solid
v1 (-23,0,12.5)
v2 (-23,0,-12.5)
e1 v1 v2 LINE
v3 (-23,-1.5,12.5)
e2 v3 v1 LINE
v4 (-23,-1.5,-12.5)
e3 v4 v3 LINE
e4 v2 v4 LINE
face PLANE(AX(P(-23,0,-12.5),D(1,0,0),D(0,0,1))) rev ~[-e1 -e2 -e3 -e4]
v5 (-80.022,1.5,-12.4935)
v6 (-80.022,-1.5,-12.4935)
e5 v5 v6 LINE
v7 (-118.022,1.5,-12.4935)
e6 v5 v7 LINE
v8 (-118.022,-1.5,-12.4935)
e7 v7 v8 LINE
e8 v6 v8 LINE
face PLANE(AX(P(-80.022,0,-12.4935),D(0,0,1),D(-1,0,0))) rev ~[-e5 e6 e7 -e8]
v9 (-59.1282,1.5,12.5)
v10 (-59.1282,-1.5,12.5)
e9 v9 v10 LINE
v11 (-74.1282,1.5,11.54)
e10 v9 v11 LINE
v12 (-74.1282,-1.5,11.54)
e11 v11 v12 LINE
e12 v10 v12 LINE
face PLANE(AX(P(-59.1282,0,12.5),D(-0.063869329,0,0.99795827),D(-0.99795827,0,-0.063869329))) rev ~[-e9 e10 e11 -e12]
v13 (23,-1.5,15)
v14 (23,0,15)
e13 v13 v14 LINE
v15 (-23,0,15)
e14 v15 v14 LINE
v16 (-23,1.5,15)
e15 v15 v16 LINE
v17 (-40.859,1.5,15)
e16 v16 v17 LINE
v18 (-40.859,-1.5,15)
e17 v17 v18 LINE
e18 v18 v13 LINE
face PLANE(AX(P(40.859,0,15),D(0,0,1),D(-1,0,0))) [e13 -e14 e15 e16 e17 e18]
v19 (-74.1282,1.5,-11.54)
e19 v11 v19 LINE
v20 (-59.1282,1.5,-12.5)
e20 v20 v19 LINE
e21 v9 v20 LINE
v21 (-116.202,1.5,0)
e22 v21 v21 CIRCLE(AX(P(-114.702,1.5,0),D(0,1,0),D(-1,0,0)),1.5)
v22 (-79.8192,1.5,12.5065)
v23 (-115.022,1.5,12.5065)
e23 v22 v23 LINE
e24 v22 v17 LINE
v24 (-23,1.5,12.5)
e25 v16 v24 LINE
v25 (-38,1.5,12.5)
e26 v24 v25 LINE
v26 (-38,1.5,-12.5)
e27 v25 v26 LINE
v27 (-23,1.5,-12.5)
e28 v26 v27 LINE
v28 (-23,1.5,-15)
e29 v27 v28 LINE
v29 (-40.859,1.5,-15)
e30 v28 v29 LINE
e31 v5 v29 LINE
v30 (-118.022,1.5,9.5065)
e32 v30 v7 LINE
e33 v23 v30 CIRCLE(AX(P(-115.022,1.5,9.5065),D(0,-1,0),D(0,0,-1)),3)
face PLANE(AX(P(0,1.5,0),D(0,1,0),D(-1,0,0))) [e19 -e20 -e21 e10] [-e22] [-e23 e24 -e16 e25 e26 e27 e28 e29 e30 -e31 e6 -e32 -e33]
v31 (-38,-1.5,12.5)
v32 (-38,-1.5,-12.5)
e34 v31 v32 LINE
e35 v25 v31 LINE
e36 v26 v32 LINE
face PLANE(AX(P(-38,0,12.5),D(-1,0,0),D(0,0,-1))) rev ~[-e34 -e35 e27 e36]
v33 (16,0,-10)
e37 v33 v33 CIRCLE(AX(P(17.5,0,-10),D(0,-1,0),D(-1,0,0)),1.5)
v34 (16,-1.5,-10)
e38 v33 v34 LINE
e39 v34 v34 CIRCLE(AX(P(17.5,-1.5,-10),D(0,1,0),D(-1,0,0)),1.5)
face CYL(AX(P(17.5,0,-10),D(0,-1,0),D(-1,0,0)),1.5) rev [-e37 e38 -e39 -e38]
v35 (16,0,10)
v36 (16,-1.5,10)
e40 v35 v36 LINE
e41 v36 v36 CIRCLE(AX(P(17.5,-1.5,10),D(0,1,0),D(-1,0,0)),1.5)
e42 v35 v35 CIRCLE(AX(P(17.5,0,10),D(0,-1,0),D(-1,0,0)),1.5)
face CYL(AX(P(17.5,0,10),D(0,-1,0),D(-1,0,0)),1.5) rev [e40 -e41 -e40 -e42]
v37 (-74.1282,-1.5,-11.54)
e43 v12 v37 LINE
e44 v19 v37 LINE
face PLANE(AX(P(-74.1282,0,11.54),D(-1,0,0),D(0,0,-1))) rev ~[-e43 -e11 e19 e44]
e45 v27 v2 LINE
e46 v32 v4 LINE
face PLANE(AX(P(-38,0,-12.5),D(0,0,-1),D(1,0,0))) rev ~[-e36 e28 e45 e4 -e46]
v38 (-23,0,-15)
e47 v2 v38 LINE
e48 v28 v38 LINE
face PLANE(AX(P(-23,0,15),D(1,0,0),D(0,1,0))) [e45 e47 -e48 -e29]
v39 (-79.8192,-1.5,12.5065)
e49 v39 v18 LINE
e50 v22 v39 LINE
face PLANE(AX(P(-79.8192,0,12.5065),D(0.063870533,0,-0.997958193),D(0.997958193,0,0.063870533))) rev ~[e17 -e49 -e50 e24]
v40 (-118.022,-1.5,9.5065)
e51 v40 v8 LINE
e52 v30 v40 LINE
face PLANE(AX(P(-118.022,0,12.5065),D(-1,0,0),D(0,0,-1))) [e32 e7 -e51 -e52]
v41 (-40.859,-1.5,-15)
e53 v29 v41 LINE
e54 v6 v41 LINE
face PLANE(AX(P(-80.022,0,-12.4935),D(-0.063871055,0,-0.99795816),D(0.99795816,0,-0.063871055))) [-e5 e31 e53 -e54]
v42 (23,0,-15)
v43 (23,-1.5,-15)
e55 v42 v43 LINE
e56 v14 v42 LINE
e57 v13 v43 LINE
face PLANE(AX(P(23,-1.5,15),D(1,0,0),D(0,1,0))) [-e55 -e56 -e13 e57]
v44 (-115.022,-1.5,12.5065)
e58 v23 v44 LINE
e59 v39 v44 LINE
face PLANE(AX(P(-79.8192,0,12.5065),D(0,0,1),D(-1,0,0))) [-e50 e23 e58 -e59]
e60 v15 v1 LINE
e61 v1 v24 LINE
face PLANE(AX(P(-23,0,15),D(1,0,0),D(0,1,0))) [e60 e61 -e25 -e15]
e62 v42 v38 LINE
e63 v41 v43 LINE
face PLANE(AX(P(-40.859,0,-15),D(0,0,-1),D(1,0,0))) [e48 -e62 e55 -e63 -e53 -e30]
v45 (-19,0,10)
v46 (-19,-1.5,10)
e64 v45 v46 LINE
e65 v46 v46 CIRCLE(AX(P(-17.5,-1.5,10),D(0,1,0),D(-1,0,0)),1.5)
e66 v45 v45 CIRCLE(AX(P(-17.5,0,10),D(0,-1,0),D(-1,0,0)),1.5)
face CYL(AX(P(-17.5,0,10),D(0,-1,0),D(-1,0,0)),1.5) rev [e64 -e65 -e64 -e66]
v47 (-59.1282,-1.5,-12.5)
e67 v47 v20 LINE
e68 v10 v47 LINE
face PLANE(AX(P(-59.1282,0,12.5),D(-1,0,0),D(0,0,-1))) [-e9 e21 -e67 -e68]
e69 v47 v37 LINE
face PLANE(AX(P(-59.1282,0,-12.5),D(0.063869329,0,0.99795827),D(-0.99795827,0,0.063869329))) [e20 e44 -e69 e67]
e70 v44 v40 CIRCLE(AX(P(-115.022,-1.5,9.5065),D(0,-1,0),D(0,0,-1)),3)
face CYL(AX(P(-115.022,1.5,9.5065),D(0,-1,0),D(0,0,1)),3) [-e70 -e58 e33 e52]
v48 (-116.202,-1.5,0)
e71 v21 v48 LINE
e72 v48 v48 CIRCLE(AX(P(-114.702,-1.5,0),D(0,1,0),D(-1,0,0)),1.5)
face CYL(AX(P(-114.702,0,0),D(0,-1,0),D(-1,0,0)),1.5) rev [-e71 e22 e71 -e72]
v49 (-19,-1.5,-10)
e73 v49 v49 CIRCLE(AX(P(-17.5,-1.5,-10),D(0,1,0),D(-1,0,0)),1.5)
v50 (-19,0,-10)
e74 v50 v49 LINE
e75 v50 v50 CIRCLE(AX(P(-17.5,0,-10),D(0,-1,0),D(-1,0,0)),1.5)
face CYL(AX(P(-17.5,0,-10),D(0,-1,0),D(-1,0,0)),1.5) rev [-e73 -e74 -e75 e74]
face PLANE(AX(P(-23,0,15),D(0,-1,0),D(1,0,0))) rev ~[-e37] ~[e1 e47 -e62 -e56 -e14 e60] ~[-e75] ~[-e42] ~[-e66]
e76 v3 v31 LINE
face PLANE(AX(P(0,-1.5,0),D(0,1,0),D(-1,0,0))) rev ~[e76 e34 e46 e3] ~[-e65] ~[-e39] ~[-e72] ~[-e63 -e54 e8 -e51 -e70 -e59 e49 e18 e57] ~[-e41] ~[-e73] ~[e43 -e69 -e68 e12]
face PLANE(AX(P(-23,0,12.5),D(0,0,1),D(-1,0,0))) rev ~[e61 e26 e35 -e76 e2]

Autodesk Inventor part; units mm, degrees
ref_plane "YZ Plane" through (0, 0, 0) normal (1, 0, 0) x (0, 1, 0)
ref_plane "XZ Plane" through (0, 0, 0) normal (0, 1, 0) x (-1, 0, 0)
ref_plane "XY Plane" through (0, 0, 0) normal (0, 0, 1) x (1, 0, 0)
sketch "Sketch1" plane through (0, 0, 0) normal (0, 1, 0) x (-1, 0, 0)
  line L0 (-79.8192, 12.5065) -> (-40.859, 15)
  line L1 (-40.859, 15) -> (0, 15)
  line L2 (-80.022, 0) -> (80.022, 0) construction
  line L3 (-80.022, -12.4935) -> (-40.859, -15)
  line L4 (-40.859, -15) -> (0, -15)
  line L5 (0, 15) -> (0, -15) construction
  line L6 (40.859, 15) -> (0, 15)
  line L7 (79.8192, 12.5065) -> (40.859, 15)
  line L8 (80.022, -12.4935) -> (40.859, -15)
  line L9 (40.859, -15) -> (0, -15)
  line L10 (-59.1282, -12.5) -> (-74.1282, -11.54)
  line L11 (-59.1282, 12.5) -> (-74.1282, 11.54)
  line L12 (-74.1282, 11.54) -> (-74.1282, -11.54)
  line L13 (-59.1282, 12.5) -> (-59.1282, -12.5)
  line L14 (-23, 12.5) -> (-38, 12.5)
  line L15 (-38, 12.5) -> (-38, -12.5)
  line L16 (-38, -12.5) -> (-23, -12.5)
  line L17 (-23, -12.5) -> (-23, 12.5)
  line L18 (59.1282, -12.5) -> (74.1282, -11.54)
  line L19 (59.1282, 12.5) -> (74.1282, 11.54)
  line L20 (74.1282, 11.54) -> (74.1282, -11.54)
  line L21 (59.1282, 12.5) -> (59.1282, -12.5)
  line L22 (23, 12.5) -> (38, 12.5)
  line L23 (38, 12.5) -> (38, -12.5)
  line L24 (38, -12.5) -> (23, -12.5)
  line L25 (23, -12.5) -> (23, 12.5)
  circle A0 centre (-17.5, -10) radius 1.5
  circle A1 centre (17.5, -10) radius 1.5
  circle A2 centre (-17.5, 10) radius 1.5
  circle A3 centre (17.5, 10) radius 1.5
  line L26 (-79.8192, 12.5065) -> (-118.022, 12.5065)
  line L27 (-118.022, 12.5065) -> (-118.022, -12.4935)
  line L28 (-80.022, -12.4935) -> (-118.022, -12.4935)
  circle A4 centre (-114.702, 0) radius 1.5
  line L29 (79.8192, 12.5065) -> (118.022, 12.5065)
  line L30 (118.022, 12.5065) -> (118.022, -12.4935)
  line L31 (80.022, -12.4935) -> (118.022, -12.4935)
  circle A5 centre (114.702, 0) radius 1.5
  point P0 (0, 0)
  point P1 (0, 0)
  point P2 (0, 0)
  point P3 (-74.1282, 0)
  point P4 (-30.5, 12.5)
  dimension "d11" = 15
  dimension "d13" = 3
  dimension "d14" = 5
  dimension "d15" = 5.5
  dimension "d17" = 38
  dimension "d23" = 3
  dimension "d24" = 3.32
  dimension "d33" = 23
  dimension "d44" = 40.859
  dimension "d45" = 39.163
  dimension "d49" = 30
  dimension "d50" = 25
  dimension "d51" = 5.8938
  dimension "d52" = 15
  dimension "d53" = 25
  dimension "d54" = 1.328
extrude "Extrusion1" add sketch "Sketch1" along normal mid plane 3
fillet "Fillet1" radius 3 2 edges at (-118.022, 0, 12.5065) (118.022, 0, 12.5065)
sketch "Sketch3" plane through (-40.859, 1.5, 15) normal (0, 0, 1) x (1, 0, 0)
  line L0 (0, 0) -> (81.718, 0) projected
  line L1 (81.718, -3) -> (0, -3) projected
  line L2 (17.859, -3) -> (17.859, 0) projected
  line L3 (63.859, -3) -> (63.859, 0) projected
  line L4 (17.859, -3) -> (17.859, 0) projected
  line L5 (17.859, -1.5) -> (63.859, -1.5)
  line L6 (158.881, -3) -> (158.881, 0) projected
  line L7 (120.6782, 0) -> (155.881, 0) projected
  line L8 (155.881, 0) -> (158.881, 0) projected
  line L9 (158.881, -3) -> (155.881, -3) projected
  line L10 (155.881, -3) -> (120.6782, -3) projected
  line L11 (120.6782, -3) -> (81.718, -3) projected
  line L12 (81.718, 0) -> (120.6782, 0) projected
  line L13 (-38.9602, 0) -> (0, 0) projected
  line L14 (0, -3) -> (-38.9602, -3) projected
  line L15 (-74.163, 0) -> (-38.9602, 0) projected
  line L16 (-38.9602, -3) -> (-74.163, -3) projected
  line L17 (-77.163, 0) -> (-77.163, -3) projected
  line L18 (-74.163, -3) -> (-77.163, -3) projected
  line L19 (-77.163, 0) -> (-74.163, 0) projected
  point P0 (40.859, -1.5)
  point P1 (17.859, -1.5)
extrude "Extrusion3" cut sketch "Sketch3" against normal through all contours L0 L3 L5 L2 | L0 L12 L7 L8 L6 L9 L10 L11 L1 L3
properties part number "nakladka_boczna1" material "PCTG 20%"
